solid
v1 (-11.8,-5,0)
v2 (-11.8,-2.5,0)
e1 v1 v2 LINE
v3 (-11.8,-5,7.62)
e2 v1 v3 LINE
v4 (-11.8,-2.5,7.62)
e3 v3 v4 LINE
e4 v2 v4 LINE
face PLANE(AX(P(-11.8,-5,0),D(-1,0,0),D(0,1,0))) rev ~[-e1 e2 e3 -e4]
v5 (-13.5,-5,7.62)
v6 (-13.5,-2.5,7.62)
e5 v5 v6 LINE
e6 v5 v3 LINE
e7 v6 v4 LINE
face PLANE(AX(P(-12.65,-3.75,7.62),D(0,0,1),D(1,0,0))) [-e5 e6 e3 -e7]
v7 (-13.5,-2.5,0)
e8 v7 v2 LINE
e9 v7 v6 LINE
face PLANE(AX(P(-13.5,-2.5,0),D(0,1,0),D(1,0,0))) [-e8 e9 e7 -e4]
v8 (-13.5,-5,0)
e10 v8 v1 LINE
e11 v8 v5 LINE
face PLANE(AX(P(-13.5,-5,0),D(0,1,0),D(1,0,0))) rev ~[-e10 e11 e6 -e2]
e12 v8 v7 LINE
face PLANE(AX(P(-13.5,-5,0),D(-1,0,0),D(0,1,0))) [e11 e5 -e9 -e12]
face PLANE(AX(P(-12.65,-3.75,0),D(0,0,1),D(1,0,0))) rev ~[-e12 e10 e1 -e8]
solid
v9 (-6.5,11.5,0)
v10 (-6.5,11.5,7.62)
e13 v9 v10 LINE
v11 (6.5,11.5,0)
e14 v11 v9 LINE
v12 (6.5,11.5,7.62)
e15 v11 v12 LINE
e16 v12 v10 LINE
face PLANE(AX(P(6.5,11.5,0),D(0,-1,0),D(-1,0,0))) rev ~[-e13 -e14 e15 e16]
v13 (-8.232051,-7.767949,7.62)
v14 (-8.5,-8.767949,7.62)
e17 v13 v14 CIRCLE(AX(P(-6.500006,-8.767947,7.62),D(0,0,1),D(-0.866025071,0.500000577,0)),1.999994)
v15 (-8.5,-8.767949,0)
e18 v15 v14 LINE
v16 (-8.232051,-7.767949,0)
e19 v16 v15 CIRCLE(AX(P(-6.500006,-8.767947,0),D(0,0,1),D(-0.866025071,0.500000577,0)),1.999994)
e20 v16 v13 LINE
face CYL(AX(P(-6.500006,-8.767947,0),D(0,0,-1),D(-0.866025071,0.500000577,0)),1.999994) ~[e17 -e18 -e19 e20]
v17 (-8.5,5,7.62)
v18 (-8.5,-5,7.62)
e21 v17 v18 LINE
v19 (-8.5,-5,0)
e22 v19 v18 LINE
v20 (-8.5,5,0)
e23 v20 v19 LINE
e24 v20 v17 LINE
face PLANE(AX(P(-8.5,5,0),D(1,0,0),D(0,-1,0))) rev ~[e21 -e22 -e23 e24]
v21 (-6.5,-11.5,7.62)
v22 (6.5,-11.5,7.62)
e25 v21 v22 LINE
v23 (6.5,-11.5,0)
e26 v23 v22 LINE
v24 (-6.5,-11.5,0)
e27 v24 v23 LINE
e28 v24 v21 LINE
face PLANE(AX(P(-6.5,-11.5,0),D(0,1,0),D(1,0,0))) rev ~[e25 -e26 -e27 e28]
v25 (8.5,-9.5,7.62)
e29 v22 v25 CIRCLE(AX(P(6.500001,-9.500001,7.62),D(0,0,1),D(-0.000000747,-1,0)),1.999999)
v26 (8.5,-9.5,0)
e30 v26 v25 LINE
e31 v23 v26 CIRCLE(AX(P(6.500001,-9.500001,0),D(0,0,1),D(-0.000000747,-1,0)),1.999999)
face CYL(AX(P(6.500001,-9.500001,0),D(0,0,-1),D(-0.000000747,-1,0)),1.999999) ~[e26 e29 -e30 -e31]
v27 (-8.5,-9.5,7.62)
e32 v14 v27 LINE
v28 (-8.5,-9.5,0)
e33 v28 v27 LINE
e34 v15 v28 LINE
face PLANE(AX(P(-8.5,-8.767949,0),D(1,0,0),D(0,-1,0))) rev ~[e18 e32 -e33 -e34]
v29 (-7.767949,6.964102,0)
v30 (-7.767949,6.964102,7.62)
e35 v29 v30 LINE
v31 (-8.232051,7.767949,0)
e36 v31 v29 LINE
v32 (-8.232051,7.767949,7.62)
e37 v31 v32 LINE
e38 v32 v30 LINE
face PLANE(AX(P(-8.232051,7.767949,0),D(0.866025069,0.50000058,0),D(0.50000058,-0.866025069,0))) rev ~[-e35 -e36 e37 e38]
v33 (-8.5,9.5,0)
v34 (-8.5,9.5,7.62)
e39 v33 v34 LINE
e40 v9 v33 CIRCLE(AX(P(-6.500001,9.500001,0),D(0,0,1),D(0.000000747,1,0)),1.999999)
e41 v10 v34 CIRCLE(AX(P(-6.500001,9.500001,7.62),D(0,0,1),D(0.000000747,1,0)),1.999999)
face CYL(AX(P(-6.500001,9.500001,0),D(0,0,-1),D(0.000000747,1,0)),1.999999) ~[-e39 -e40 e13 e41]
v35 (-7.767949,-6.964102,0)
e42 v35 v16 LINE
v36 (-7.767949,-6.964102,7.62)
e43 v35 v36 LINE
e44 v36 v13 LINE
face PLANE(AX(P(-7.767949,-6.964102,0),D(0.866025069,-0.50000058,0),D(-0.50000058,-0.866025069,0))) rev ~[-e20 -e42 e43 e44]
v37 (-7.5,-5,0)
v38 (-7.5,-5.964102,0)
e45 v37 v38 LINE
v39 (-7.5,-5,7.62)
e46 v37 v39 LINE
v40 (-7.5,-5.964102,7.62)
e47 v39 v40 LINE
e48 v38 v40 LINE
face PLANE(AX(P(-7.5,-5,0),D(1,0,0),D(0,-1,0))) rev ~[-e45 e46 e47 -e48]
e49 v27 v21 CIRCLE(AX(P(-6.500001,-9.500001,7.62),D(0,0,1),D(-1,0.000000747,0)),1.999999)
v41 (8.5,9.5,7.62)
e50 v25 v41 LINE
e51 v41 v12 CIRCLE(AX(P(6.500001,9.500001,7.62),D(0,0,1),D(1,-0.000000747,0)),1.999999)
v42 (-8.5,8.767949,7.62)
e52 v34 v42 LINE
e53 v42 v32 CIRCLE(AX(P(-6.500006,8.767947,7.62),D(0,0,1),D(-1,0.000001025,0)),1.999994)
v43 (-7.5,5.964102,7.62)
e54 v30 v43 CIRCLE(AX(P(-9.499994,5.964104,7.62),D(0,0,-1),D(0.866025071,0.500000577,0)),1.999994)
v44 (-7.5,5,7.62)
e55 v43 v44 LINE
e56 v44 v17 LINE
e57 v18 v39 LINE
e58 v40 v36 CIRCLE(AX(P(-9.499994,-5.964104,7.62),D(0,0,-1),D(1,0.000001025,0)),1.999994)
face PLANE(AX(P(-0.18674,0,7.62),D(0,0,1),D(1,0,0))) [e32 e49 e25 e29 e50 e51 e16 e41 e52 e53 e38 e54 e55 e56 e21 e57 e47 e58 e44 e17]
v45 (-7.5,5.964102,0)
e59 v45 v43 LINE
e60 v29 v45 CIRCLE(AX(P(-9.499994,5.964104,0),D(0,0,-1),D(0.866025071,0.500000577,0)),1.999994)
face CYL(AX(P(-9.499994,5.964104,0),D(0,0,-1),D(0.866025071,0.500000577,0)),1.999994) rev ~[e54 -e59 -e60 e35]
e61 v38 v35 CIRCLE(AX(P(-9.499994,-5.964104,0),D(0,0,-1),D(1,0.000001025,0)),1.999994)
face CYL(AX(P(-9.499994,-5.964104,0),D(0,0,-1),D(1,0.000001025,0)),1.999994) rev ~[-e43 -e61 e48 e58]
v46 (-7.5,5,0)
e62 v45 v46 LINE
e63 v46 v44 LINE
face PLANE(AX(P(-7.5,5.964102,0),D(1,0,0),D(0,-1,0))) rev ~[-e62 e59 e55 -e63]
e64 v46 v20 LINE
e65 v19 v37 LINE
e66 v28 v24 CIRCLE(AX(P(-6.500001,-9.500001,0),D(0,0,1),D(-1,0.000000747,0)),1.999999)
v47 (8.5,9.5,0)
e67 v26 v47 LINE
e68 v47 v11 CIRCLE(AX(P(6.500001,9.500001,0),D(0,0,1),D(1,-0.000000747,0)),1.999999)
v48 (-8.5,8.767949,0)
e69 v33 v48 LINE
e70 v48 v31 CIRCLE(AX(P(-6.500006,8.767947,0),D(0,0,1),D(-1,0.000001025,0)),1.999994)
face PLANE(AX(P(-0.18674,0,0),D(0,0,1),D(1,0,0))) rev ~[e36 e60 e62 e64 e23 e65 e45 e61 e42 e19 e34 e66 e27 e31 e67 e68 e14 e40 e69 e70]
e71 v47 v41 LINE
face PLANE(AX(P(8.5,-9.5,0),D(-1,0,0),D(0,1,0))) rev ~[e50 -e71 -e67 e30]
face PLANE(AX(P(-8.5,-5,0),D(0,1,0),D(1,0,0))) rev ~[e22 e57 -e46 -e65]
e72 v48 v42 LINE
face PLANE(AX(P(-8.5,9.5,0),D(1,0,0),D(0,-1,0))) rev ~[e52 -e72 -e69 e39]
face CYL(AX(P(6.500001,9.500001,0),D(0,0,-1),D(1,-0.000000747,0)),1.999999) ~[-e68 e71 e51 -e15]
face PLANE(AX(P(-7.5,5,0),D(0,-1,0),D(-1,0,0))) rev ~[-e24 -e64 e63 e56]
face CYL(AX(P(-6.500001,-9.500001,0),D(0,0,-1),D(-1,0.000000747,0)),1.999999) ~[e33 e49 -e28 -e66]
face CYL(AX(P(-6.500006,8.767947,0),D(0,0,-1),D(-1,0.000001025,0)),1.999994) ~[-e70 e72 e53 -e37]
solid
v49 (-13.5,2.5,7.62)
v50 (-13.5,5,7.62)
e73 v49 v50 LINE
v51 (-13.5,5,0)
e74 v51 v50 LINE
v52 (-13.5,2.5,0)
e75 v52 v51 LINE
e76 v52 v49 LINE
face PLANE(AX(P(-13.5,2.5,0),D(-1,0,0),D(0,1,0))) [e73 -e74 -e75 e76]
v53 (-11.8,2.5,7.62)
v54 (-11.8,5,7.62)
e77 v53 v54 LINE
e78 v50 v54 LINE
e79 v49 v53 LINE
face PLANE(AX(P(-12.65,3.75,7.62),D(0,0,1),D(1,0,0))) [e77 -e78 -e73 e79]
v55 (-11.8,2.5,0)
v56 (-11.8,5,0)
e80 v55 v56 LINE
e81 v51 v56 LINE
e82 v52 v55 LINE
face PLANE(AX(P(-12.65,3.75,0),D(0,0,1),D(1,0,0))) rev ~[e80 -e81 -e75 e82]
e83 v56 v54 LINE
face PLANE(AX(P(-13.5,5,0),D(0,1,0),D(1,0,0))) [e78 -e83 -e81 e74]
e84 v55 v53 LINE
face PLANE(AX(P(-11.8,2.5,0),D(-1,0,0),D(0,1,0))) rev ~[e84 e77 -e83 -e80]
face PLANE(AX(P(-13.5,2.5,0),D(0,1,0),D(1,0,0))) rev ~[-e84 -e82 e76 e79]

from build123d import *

# Parameters (mm, degrees)
F0_W     = 1.7
F0_H     = 2.5
F1_DEPTH = 7.62


with BuildPart() as f1:
    # F0 (on Top) → F1 (new body)
    with BuildSketch(Plane.XY):
        with BuildLine():
            Line((-6.5, -11.5), (6.5, -11.5))
            ThreePointArc((6.5, -11.5), (7.914214, -10.914214), (8.5, -9.5))
            Line((8.5, -9.5), (8.5, 9.5))
            ThreePointArc((8.5, 9.5), (7.914214, 10.914214), (6.5, 11.5))
            Line((6.5, 11.5), (-6.5, 11.5))
            ThreePointArc((-6.5, 11.5), (-7.914214, 10.914214), (-8.5, 9.5))
            Line((-8.5, 9.5), (-8.5, 8.767949))
            ThreePointArc((-8.5, 8.767949), (-8.431852, 8.250311), (-8.232051, 7.767949))
            Line((-8.232051, 7.767949), (-7.767949, 6.964102))
            ThreePointArc((-7.767949, 6.964102), (-7.568148, 6.48174), (-7.5, 5.964102))
            Line((-7.5, 5.964102), (-7.5, 5))
            Line((-7.5, 5), (-8.5, 5))
            Line((-8.5, 5), (-8.5, 0))
            Line((-8.5, 0), (-8.5, -5))
            Line((-8.5, -5), (-7.5, -5))
            Line((-7.5, -5), (-7.5, -5.964102))
            ThreePointArc((-7.5, -5.964102), (-7.568148, -6.48174), (-7.767949, -6.964102))
            Line((-7.767949, -6.964102), (-8.232051, -7.767949))
            ThreePointArc((-8.232051, -7.767949), (-8.431852, -8.250311), (-8.5, -8.767949))
            Line((-8.5, -8.767949), (-8.5, -9.5))
            ThreePointArc((-8.5, -9.5), (-7.914214, -10.914214), (-6.5, -11.5))
        make_face()
        with Locations((-12.65, -3.75)):
            Rectangle(F0_W, F0_H)
        with Locations((-12.65, 3.75)):
            Rectangle(F0_W, F0_H)
    extrude(amount=F1_DEPTH)


solid = f1.part
